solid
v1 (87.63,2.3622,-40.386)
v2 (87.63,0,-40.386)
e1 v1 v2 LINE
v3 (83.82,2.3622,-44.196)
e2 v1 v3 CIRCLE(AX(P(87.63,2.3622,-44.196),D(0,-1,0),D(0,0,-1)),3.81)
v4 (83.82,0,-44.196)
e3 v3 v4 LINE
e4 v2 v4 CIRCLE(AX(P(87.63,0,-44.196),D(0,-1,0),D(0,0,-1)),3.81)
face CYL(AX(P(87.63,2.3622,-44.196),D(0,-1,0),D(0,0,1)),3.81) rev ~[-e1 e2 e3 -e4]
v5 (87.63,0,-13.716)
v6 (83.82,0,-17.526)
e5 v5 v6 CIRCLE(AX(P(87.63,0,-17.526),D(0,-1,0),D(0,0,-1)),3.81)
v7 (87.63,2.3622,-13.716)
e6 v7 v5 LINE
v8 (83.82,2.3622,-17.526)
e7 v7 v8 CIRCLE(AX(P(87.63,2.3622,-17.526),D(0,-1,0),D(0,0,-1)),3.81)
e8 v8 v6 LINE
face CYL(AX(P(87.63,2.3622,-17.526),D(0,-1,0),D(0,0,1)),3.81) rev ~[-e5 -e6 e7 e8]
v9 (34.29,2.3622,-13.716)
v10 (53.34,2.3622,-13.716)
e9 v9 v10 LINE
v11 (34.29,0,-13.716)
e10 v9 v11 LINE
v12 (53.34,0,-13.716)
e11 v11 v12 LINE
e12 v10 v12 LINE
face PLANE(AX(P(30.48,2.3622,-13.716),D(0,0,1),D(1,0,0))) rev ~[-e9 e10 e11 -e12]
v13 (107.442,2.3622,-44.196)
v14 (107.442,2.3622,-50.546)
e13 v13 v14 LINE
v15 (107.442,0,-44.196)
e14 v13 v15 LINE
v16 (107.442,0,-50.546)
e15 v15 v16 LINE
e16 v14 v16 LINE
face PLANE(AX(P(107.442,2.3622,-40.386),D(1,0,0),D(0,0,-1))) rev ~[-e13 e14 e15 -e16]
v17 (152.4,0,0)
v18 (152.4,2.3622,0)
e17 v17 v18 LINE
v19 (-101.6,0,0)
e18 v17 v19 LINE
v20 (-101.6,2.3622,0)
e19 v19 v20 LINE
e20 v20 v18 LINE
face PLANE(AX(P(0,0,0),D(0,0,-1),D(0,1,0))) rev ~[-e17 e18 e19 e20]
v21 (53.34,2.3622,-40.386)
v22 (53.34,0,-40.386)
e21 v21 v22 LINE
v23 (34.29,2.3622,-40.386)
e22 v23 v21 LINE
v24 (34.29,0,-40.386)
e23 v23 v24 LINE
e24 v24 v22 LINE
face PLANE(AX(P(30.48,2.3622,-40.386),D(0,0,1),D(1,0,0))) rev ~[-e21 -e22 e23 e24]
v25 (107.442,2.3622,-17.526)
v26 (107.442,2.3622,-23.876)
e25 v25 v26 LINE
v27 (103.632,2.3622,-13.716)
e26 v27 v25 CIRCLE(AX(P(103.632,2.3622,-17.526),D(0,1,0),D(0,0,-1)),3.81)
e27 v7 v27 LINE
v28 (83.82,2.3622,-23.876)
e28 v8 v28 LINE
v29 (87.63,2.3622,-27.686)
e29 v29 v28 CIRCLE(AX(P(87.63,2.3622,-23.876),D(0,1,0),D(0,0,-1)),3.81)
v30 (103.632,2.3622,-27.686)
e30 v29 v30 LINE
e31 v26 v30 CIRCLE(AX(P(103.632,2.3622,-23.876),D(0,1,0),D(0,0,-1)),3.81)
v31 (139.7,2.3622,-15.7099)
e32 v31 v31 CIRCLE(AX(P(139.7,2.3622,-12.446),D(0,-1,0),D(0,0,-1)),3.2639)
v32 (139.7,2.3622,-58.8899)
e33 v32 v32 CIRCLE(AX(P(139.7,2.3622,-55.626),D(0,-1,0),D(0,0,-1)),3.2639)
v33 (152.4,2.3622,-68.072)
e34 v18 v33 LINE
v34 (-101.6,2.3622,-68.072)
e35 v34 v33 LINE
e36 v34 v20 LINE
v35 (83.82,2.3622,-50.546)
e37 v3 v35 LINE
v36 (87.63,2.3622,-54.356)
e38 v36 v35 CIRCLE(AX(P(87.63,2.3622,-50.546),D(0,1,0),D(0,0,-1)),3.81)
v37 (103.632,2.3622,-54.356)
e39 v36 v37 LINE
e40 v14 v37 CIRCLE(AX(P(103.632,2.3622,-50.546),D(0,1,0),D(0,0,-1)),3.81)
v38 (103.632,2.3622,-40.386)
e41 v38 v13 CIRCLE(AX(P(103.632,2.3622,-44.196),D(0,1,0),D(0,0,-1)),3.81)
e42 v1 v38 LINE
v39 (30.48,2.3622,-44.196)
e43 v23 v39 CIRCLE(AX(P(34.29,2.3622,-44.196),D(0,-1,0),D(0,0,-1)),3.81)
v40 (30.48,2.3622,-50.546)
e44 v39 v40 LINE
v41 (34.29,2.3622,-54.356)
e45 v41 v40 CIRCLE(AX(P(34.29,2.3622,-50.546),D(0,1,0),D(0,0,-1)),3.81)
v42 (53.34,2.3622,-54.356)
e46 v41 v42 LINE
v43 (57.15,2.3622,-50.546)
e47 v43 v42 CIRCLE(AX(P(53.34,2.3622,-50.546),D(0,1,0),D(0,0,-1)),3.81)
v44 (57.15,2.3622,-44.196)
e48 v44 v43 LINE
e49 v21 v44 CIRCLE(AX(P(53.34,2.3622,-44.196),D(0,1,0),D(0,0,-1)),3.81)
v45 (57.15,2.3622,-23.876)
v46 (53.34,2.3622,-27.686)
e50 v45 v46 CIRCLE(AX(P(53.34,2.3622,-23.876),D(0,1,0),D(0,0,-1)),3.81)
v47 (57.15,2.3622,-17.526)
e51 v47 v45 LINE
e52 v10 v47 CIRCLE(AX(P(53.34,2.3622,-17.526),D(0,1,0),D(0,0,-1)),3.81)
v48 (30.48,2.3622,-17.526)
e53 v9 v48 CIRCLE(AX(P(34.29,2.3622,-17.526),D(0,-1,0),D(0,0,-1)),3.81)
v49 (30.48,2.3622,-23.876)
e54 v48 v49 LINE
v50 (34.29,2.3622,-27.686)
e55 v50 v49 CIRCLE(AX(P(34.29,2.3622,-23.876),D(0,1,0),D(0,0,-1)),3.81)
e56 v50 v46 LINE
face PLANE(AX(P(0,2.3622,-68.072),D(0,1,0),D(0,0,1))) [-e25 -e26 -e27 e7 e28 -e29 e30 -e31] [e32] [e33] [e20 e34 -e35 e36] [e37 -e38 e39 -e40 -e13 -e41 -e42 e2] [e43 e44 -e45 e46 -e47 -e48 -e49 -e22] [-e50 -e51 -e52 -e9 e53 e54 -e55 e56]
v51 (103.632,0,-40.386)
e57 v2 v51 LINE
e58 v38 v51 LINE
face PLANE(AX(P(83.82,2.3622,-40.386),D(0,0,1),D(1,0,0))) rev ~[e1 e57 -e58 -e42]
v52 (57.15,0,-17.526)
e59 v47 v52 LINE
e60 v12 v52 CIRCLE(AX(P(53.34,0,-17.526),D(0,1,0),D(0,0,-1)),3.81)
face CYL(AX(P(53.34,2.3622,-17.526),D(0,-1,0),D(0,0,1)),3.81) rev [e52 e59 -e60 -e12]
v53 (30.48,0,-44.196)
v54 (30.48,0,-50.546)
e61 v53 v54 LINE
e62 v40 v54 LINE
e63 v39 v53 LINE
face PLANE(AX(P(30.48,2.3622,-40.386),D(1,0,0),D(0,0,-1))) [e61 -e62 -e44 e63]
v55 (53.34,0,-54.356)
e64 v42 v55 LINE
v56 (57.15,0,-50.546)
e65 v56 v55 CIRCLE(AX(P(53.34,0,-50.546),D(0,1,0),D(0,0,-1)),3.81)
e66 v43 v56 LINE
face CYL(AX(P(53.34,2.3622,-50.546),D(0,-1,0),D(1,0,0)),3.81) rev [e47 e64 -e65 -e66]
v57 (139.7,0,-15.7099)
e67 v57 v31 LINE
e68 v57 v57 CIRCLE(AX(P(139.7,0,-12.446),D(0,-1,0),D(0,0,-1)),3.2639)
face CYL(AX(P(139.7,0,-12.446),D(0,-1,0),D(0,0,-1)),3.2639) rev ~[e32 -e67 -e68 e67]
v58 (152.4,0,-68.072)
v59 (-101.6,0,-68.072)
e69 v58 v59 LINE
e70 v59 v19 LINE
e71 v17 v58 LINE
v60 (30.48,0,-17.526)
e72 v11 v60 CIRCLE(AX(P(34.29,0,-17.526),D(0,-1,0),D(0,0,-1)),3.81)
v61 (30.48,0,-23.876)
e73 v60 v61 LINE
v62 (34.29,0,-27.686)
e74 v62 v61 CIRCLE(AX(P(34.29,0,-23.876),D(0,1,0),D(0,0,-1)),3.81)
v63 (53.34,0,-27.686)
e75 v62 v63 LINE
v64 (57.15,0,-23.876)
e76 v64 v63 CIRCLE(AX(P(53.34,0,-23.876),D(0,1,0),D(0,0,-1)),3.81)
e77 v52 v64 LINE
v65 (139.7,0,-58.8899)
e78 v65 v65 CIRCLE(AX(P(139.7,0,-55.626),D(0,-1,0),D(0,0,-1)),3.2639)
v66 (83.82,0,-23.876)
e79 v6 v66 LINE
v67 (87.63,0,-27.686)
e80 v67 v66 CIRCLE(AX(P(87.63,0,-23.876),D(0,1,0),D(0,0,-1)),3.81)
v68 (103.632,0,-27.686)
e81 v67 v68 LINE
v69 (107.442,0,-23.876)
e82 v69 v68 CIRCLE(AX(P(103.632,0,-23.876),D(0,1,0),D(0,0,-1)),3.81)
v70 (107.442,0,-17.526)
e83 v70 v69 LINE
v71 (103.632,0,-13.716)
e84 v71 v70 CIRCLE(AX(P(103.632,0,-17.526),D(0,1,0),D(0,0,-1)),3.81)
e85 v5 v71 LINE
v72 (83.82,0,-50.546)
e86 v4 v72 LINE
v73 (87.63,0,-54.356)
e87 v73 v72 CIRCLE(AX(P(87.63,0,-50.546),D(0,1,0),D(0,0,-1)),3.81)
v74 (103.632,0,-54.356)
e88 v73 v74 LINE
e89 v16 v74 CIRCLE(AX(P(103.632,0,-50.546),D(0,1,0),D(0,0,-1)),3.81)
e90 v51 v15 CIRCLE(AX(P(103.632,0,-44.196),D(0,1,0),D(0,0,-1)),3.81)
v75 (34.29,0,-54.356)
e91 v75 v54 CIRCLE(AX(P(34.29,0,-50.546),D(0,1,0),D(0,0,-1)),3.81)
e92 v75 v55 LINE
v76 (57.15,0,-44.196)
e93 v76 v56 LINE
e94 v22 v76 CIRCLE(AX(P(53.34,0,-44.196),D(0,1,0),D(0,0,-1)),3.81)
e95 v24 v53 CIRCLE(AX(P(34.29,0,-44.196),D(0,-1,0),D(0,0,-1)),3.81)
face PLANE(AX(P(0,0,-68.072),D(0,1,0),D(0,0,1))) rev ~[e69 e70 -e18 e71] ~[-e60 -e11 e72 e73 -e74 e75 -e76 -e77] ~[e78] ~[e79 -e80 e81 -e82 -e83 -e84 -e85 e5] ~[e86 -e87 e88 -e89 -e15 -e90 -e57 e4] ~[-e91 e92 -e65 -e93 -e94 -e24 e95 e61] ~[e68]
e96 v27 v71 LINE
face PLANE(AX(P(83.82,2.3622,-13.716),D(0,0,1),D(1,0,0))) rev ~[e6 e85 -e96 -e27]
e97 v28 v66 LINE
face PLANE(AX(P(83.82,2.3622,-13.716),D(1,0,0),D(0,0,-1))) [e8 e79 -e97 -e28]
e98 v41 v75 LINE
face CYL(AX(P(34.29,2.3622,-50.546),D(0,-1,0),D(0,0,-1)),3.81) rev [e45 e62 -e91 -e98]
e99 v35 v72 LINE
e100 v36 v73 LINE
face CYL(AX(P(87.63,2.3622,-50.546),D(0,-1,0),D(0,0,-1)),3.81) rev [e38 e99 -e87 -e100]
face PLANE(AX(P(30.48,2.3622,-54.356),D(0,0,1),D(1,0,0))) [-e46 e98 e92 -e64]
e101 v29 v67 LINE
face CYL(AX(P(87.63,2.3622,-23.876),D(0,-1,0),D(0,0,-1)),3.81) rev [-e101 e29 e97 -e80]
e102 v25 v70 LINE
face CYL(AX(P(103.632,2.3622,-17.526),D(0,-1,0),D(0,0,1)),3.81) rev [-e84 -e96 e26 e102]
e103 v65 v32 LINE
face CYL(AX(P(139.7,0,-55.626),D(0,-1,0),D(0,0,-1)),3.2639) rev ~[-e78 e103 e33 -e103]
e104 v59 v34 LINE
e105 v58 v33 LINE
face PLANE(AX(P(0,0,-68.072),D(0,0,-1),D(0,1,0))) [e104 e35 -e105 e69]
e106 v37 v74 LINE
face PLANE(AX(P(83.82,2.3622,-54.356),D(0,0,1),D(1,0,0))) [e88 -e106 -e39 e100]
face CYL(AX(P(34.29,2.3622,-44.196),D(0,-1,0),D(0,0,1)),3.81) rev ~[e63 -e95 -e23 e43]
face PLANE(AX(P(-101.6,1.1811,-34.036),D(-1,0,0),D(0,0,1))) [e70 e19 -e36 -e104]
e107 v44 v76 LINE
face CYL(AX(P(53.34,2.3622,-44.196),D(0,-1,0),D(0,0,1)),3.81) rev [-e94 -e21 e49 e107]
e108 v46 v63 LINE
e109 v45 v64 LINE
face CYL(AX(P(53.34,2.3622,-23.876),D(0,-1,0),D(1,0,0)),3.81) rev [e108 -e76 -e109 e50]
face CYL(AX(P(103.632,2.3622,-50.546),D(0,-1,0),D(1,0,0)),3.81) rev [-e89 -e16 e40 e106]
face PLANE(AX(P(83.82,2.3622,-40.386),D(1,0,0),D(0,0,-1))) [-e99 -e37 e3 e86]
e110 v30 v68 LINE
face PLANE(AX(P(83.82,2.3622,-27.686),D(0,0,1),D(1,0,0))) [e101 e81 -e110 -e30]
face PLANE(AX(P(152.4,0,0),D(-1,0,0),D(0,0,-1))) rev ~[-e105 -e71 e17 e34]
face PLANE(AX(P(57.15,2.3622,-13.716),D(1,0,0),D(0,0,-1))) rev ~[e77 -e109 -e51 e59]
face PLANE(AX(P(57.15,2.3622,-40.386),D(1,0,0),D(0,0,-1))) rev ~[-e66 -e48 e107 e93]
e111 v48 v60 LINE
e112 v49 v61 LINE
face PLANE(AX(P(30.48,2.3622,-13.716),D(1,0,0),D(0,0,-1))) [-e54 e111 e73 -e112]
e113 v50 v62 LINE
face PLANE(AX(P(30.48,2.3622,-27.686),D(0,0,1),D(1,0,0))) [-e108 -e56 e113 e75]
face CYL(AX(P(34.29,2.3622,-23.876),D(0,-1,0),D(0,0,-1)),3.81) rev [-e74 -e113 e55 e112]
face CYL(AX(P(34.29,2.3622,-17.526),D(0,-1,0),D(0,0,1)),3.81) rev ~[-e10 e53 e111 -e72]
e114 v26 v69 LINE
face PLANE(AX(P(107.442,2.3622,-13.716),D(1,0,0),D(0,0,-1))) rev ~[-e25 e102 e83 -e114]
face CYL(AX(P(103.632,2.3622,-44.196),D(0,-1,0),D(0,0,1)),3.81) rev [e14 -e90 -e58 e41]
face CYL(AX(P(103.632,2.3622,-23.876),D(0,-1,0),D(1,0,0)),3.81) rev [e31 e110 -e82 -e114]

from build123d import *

# Parameters (mm, degrees)
SKETCH1_W           = 152.4
SKETCH1_H           = 68.072
BOSS_EXTRUDE1_DEPTH = 2.3622
SKETCH2_W           = 26.67
SKETCH2_H           = 13.97
SKETCH2_W_2         = 23.622
CUT_EXTRUDE1_DEPTH  = 167.92853912
FILLET1_R           = 3.81
SKETCH4_W           = 68.072
SKETCH4_H           = 2.3622
BOSS_EXTRUDE2_DEPTH = 101.6
SKETCH5_R           = 3.2639
CUT_EXTRUDE2_DEPTH  = 167.92853912


with BuildPart() as part:
    # Sketch1 → Boss-Extrude1 (new body)
    with BuildSketch(Plane(origin=(0, 0, 0), x_dir=(1, 0, 0), z_dir=(0, 1, 0))):
        with Locations((76.2, 34.036)):
            Rectangle(SKETCH1_W, SKETCH1_H)
    extrude(amount=BOSS_EXTRUDE1_DEPTH)

    # Sketch2 → Cut-Extrude1 (cut, through all)
    with BuildSketch(Plane(origin=(0, 2.3622, 0), x_dir=(1, 0, 0), z_dir=(0, 1, 0))):
        with Locations((43.815, 47.371)):
            Rectangle(SKETCH2_W, SKETCH2_H)
        with Locations((95.631, 47.371)):
            Rectangle(SKETCH2_W_2, SKETCH2_H)
        with Locations((43.815, 20.701)):
            Rectangle(SKETCH2_W, SKETCH2_H)
        with Locations((95.631, 20.701)):
            Rectangle(SKETCH2_W_2, SKETCH2_H)
    extrude(amount=-CUT_EXTRUDE1_DEPTH, mode=Mode.SUBTRACT)

    # Fillet1
    fillet1_edges = [part.edges().sort_by_distance(p)[0] for p in [
        (83.82, 1.1811, -40.386),
        (83.82, 1.1811, -54.356),
        (107.442, 1.1811, -54.356),
        (107.442, 1.1811, -40.386),
        (30.48, 1.1811, -13.716),
        (30.48, 1.1811, -27.686),
        (57.15, 1.1811, -27.686),
        (57.15, 1.1811, -13.716),
        (83.82, 1.1811, -13.716),
        (83.82, 1.1811, -27.686),
        (107.442, 1.1811, -27.686),
        (107.442, 1.1811, -13.716),
        (30.48, 1.1811, -40.386),
        (30.48, 1.1811, -54.356),
        (57.15, 1.1811, -54.356),
        (57.15, 1.1811, -40.386),
    ]]
    fillet(fillet1_edges, radius=FILLET1_R)

    # Sketch4 → Boss-Extrude2 (add)
    with BuildSketch(Plane.ZY):
        with Locations((-34.036, 1.1811)):
            Rectangle(SKETCH4_W, SKETCH4_H)
    extrude(amount=BOSS_EXTRUDE2_DEPTH)

    # Sketch5 → Cut-Extrude2 (cut, through all)
    with BuildSketch(Plane.XZ):
        with Locations(Location((139.7, -12.446, 0), (0, 0, 270))):
            Circle(SKETCH5_R)
        with Locations(Location((139.7, -55.626, 0), (0, 0, 270))):
            Circle(SKETCH5_R)
    extrude(amount=-CUT_EXTRUDE2_DEPTH, mode=Mode.SUBTRACT)


solid = part.part
